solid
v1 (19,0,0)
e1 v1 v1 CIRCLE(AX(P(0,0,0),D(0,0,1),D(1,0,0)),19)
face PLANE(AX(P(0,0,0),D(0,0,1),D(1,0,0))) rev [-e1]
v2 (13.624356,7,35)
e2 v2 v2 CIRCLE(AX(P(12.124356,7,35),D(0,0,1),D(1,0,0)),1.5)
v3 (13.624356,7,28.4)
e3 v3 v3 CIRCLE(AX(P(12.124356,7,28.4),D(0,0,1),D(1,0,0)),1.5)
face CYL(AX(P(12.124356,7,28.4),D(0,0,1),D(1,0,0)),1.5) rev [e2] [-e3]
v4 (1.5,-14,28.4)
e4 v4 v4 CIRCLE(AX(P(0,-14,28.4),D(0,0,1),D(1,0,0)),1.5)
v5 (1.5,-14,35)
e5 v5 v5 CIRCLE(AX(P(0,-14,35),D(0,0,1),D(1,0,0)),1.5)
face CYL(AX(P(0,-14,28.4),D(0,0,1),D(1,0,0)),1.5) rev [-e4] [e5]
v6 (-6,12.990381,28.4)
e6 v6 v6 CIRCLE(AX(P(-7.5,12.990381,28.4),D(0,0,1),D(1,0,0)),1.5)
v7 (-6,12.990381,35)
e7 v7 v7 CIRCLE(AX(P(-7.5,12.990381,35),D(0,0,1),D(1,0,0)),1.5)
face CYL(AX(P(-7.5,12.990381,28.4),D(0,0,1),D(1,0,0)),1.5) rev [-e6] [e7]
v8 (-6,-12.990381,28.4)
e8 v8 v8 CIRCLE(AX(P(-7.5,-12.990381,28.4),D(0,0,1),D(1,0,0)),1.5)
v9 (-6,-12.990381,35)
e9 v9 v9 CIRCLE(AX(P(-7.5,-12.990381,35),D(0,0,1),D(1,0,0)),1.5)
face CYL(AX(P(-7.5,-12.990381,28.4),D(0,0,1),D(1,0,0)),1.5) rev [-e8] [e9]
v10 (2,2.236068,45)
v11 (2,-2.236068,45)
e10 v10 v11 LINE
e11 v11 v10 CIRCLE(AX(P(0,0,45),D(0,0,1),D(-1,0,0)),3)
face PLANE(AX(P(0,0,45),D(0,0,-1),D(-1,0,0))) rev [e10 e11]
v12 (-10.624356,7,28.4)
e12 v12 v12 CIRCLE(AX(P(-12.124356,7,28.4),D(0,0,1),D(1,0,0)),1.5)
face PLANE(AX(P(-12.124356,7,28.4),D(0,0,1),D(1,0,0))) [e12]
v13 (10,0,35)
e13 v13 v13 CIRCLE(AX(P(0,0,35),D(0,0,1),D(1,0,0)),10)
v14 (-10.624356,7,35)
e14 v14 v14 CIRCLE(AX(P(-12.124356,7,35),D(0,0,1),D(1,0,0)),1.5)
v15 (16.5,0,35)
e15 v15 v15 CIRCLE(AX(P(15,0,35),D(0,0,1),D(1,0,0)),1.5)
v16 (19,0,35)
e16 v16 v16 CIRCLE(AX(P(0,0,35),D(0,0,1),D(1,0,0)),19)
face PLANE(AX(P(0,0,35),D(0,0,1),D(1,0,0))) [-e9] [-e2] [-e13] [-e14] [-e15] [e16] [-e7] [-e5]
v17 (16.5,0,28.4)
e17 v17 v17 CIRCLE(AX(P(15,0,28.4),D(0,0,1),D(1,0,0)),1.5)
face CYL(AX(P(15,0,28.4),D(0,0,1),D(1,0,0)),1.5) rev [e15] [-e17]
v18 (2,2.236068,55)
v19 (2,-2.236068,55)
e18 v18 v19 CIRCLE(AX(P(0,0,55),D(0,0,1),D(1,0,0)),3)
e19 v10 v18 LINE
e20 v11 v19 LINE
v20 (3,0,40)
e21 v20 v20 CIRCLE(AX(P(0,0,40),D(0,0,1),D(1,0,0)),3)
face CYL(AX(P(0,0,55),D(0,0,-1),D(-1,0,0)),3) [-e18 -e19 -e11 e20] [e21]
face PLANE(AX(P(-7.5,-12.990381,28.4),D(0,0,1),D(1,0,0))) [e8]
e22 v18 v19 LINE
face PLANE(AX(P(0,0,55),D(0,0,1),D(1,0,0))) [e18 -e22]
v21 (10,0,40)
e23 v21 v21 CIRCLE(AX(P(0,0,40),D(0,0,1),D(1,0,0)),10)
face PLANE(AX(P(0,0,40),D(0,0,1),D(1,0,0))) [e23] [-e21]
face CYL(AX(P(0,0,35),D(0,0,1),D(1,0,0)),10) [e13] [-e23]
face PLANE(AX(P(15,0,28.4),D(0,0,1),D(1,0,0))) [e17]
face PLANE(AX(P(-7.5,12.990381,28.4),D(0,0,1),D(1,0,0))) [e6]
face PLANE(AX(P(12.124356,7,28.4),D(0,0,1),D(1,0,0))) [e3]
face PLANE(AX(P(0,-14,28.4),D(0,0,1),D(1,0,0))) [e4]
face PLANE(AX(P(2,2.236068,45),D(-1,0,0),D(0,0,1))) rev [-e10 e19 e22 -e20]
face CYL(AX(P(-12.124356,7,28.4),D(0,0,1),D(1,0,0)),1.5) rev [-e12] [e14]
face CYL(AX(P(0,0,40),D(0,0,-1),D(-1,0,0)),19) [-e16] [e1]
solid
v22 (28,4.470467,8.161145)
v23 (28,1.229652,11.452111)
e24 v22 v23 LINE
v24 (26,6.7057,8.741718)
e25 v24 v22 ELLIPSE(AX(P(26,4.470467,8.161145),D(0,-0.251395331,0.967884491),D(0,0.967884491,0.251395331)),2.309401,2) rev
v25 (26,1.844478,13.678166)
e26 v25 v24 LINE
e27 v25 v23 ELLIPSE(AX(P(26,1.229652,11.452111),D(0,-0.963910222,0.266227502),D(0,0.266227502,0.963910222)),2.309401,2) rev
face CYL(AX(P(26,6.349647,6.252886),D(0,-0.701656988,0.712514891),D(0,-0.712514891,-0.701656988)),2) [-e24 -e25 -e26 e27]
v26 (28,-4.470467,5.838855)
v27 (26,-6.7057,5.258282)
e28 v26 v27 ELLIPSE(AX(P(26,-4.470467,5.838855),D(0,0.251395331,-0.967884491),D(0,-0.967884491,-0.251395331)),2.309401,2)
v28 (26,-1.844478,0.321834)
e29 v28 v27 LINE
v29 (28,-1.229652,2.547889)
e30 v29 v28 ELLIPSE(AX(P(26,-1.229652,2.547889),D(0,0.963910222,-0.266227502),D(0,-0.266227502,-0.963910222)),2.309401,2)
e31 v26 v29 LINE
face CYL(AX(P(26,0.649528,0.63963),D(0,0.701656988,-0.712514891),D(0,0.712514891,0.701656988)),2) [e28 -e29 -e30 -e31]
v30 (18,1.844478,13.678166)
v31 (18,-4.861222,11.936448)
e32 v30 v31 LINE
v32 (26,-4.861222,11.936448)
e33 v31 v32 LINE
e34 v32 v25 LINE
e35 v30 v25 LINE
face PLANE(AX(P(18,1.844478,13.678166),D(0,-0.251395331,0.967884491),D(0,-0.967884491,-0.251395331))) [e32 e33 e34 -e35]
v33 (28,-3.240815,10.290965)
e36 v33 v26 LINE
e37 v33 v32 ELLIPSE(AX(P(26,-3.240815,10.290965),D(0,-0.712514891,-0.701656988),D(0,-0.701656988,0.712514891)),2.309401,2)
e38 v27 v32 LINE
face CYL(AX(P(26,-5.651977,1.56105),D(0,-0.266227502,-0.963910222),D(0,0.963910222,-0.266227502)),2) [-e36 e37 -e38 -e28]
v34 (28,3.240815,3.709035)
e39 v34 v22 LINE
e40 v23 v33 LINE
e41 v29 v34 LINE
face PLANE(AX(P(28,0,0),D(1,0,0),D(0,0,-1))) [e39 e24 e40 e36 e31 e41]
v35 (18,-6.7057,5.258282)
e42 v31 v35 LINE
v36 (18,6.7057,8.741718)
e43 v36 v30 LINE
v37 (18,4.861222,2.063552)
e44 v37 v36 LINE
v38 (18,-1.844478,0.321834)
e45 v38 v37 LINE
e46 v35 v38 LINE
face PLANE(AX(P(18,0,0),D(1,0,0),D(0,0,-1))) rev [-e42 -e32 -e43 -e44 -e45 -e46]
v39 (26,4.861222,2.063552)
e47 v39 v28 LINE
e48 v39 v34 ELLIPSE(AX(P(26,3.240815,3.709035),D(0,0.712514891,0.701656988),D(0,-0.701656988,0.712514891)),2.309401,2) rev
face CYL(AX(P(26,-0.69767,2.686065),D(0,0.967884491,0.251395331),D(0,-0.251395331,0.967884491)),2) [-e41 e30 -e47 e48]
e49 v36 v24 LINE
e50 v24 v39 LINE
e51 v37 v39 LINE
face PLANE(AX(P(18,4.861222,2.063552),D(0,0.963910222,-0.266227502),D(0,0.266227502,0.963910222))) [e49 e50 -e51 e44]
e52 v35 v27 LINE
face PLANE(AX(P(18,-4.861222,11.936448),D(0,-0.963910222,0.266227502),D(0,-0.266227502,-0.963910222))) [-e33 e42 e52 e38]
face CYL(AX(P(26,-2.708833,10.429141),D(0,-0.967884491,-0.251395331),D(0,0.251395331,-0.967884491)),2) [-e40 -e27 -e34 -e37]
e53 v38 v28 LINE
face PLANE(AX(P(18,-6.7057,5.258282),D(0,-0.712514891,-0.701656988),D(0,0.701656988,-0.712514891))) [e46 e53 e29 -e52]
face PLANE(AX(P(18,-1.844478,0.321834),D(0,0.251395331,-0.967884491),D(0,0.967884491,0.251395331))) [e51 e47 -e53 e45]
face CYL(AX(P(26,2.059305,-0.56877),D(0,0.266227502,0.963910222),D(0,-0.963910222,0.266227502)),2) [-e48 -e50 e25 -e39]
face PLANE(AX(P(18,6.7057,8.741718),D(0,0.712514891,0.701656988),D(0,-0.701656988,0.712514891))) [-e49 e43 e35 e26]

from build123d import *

# Parameters (mm, degrees)
SKETCH3_R                = 19
BOSS_EXTRUDE1_DEPTH      = 40
SKETCH4_R                = 19
SKETCH4_R_2              = 10
CUT_EXTRUDE1_DEPTH       = 5
SKETCH6_R                = 1.5
CUT_EXTRUDE2_DEPTH       = 6.6
SKETCH5_R                = 3
BOSS_EXTRUDE2_DEPTH      = 15
BOSS_EXTRUDE3_DEPTH      = 9
BOSS_EXTRUDE3_DEPTH_BACK = 1
FILLET1_R                = 2
CUT_EXTRUDE3_DEPTH       = 10


with BuildPart() as part:
    # Sketch3 → Boss-Extrude1 (new body)
    with BuildSketch(Plane.XY):
        Circle(SKETCH3_R)
    extrude(amount=BOSS_EXTRUDE1_DEPTH)

    # Sketch4 → Cut-Extrude1 (cut)
    with BuildSketch(Plane.XY.offset(40)):
        Circle(SKETCH4_R)
        Circle(SKETCH4_R_2, mode=Mode.SUBTRACT)
    extrude(amount=-CUT_EXTRUDE1_DEPTH, mode=Mode.SUBTRACT)

    # Sketch6 → Cut-Extrude2 (cut)
    with BuildSketch(Plane.XY.offset(35)):
        with Locations((15, 0)):
            Circle(SKETCH6_R)
        with Locations((-7.5, -12.990381057)):
            Circle(SKETCH6_R)
        with Locations((-7.5, 12.990381057)):
            Circle(SKETCH6_R)
        with Locations((12.124355653, 7)):
            Circle(SKETCH6_R)
        with Locations((-12.124355653, 7)):
            Circle(SKETCH6_R)
        with Locations((0, -14)):
            Circle(SKETCH6_R)
    extrude(amount=-CUT_EXTRUDE2_DEPTH, mode=Mode.SUBTRACT)

    # Sketch5 → Boss-Extrude2 (add)
    with BuildSketch(Plane.XY.offset(40)):
        Circle(SKETCH5_R)
    extrude(amount=BOSS_EXTRUDE2_DEPTH)

    # Sketch9 → Cut-Extrude3 (cut)
    with BuildSketch(Plane.XY.offset(55)):
        with BuildLine():
            Line((2, 2.236067977), (2, -2.236067977))
            ThreePointArc((2, -2.236067977), (3, 0), (2, 2.236067977))
        make_face()
    extrude(amount=-CUT_EXTRUDE3_DEPTH, mode=Mode.SUBTRACT)


with BuildPart() as body_2:
    # Sketch8 → Boss-Extrude3 (new body, two sides)
    with BuildSketch(Plane(origin=(19, 0, 0), x_dir=(0, 0, -1), z_dir=(1, 0, 0))) as boss_extrude3_sk:
        Polygon((-2.063552027, 4.861222214), (-8.741717944, 6.705700456), (-13.678165917, 1.844478242), (-11.936447973, -4.861222214), (-5.258282056, -6.705700456), (-0.321834083, -1.844478242), align=None)
    extrude(amount=BOSS_EXTRUDE3_DEPTH)
    extrude(boss_extrude3_sk.sketch, amount=-BOSS_EXTRUDE3_DEPTH_BACK)

    # Fillet1
    fillet1_edges = [body_2.edges().sort_by_distance(p)[0] for p in [
        (28, 1.508371986, 1.192693055),
        (28, 5.783461335, 5.402634986),
        (28, 4.275089349, 11.209941931),
        (28, -1.508371986, 12.807306945),
        (28, -5.783461335, 8.597365014),
        (28, -4.275089349, 2.790058069),
    ]]
    fillet(fillet1_edges, radius=FILLET1_R)


solid = Compound([part.part, body_2.part])
